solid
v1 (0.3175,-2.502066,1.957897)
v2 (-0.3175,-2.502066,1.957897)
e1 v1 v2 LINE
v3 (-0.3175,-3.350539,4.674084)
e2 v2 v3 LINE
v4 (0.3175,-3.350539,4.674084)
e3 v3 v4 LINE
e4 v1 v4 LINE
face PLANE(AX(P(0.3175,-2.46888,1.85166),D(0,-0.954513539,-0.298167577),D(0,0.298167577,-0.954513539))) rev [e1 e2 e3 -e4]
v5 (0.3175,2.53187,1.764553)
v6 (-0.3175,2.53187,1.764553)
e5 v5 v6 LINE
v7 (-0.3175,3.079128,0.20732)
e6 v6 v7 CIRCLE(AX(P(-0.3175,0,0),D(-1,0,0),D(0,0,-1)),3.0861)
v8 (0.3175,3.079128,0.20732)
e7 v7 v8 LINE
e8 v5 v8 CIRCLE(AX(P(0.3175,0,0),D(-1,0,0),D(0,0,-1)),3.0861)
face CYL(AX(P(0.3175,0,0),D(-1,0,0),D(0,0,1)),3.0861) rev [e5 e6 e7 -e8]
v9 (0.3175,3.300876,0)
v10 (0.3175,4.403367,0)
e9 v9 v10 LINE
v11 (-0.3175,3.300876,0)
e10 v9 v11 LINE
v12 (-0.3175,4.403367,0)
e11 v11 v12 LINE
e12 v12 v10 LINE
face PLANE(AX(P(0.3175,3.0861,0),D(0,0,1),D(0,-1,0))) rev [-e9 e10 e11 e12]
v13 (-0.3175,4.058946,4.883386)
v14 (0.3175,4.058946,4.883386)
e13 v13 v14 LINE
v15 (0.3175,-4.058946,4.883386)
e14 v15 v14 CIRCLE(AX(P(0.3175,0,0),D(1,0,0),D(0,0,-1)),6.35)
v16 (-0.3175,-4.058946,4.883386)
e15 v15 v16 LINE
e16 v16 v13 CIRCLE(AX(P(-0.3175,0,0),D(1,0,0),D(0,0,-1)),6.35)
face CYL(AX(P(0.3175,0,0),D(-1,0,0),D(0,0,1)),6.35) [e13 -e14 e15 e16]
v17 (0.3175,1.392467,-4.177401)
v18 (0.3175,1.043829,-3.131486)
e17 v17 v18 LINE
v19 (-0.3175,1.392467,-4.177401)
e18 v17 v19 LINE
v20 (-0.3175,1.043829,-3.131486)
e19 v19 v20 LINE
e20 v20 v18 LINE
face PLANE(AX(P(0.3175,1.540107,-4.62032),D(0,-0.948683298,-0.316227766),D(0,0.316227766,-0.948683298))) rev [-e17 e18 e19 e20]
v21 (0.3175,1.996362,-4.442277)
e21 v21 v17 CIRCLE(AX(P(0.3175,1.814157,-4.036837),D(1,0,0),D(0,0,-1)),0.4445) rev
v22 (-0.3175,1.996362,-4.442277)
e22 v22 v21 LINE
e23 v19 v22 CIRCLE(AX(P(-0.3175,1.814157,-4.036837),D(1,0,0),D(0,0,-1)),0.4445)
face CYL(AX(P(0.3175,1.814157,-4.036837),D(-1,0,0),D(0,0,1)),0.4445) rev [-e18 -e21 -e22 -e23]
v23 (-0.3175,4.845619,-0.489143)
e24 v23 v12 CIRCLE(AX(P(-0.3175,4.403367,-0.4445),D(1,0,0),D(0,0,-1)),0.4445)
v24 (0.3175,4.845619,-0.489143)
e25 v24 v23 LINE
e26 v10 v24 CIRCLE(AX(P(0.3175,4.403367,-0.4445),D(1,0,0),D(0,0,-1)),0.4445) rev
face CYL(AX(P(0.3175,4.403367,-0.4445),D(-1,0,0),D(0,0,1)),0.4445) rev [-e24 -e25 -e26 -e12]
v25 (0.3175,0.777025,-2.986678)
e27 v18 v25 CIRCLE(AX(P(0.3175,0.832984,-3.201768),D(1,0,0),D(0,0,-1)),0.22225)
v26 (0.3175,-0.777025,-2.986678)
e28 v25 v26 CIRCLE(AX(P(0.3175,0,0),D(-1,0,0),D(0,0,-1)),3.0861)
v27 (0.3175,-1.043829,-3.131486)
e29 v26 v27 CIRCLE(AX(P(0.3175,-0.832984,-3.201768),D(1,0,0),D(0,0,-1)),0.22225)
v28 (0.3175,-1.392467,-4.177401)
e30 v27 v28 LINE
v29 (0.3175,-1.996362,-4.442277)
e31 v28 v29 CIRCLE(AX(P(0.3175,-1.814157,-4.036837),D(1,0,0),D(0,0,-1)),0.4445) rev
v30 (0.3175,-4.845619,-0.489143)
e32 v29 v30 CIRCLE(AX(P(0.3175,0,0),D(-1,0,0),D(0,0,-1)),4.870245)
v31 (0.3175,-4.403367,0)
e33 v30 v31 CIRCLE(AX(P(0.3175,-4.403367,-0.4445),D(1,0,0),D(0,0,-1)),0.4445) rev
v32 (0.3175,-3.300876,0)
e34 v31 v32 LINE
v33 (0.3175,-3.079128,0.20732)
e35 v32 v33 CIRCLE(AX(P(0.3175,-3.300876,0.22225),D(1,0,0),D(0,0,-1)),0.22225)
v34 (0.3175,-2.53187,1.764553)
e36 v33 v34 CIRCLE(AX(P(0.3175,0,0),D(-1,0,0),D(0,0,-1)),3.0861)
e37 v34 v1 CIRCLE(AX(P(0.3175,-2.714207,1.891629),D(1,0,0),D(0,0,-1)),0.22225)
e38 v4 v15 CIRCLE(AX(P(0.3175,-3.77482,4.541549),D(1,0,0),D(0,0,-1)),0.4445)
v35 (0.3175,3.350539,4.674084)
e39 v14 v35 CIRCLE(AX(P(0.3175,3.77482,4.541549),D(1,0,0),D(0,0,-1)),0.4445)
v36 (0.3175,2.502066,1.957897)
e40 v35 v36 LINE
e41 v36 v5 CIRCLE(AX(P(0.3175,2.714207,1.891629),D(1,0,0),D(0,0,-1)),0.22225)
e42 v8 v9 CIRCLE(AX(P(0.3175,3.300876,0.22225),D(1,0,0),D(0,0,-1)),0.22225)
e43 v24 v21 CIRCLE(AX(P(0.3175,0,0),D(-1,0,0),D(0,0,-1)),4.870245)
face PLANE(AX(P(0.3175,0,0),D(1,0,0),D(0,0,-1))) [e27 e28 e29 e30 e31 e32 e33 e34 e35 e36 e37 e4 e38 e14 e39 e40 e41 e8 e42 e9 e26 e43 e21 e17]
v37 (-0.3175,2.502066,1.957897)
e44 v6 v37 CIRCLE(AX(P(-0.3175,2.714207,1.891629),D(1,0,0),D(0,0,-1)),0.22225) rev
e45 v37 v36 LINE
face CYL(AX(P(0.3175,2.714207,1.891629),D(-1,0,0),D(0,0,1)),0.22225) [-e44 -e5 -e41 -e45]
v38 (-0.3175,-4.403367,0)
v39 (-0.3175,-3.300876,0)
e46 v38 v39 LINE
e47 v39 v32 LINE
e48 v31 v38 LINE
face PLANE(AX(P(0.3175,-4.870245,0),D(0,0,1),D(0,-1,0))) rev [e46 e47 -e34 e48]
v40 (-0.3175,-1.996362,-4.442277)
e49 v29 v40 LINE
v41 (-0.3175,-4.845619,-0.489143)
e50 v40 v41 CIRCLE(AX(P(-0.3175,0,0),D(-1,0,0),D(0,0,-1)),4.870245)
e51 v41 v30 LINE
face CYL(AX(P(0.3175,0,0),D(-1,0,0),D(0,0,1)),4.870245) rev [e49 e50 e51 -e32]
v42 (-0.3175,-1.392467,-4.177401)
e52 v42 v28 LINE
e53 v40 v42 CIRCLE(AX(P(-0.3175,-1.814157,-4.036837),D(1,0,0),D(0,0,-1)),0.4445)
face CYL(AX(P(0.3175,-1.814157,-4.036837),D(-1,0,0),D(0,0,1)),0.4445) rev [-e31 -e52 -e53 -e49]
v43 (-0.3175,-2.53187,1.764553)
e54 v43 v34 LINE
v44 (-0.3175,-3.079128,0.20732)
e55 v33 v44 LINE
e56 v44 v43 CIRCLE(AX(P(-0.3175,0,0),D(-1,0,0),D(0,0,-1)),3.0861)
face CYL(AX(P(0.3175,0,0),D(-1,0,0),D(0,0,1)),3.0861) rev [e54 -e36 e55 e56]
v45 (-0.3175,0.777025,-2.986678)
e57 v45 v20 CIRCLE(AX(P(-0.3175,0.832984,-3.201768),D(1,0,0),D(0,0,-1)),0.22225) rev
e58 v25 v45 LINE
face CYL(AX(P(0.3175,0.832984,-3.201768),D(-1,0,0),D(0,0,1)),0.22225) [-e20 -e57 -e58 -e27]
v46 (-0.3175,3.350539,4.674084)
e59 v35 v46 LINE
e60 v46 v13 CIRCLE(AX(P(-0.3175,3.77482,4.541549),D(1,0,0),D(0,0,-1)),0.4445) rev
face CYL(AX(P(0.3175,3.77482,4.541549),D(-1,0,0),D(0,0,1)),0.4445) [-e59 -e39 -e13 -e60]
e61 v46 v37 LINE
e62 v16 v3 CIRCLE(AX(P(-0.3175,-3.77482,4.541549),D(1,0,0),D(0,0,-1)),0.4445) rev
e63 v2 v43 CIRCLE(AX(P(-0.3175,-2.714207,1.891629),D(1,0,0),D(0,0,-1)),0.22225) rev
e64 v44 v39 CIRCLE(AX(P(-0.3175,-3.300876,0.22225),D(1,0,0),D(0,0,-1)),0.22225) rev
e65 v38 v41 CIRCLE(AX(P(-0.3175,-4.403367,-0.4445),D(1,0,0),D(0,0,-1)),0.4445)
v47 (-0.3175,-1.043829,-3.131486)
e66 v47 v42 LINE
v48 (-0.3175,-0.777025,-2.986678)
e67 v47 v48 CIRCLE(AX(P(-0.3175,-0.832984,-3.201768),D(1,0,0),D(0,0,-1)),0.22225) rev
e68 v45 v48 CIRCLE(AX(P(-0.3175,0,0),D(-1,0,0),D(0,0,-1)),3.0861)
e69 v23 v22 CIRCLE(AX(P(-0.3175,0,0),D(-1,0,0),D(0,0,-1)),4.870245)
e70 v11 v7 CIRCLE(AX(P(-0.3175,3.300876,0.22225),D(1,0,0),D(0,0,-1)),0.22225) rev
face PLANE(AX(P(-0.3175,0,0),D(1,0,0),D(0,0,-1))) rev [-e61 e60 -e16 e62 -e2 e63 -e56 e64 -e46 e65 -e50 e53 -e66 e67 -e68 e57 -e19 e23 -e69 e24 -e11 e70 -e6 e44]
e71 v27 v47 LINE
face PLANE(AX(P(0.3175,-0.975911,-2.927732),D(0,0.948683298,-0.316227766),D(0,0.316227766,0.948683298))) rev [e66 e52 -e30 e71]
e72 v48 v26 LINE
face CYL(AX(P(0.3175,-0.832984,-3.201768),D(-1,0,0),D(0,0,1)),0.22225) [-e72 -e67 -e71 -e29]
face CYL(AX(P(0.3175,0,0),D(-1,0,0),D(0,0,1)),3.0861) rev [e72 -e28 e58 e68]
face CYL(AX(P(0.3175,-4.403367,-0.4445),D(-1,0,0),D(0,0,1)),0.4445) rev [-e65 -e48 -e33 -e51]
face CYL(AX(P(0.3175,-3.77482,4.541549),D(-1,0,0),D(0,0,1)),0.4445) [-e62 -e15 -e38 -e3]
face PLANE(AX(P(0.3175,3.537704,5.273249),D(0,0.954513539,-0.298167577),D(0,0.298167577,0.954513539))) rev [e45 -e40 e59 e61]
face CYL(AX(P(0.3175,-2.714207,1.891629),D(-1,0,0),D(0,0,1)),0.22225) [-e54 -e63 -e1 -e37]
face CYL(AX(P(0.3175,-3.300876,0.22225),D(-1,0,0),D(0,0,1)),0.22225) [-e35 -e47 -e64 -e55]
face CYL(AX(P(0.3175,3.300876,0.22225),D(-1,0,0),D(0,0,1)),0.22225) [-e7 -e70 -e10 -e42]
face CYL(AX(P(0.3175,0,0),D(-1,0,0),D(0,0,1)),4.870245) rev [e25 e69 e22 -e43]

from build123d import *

# Parameters (mm, degrees)
BOSS_EXTRUDE1_DEPTH      = 0.3175
BOSS_EXTRUDE1_DEPTH_BACK = 0.3175
FILLET1_R                = 0.4445
FILLET2_R                = 0.22225


with BuildPart() as part:
    # Sketch3 → Boss-Extrude1 (new body, two sides)
    with BuildSketch(Plane(origin=(0, 0, 0), x_dir=(0, 0, -1), z_dir=(1, 0, 0))) as boss_extrude1_sk:
        with BuildLine():
            Line((2.927731526, -0.975910509), (4.620320242, -1.540106747))
            ThreePointArc((4.620320242, -1.540106747), (2.847682435, -3.950948327), (0, -4.870245161))
            Line((0, -4.870245161), (0, -3.0861))
            ThreePointArc((0, -3.0861), (-0.975910509, -2.927731526), (-1.85166, -2.46888))
            Line((-1.85166, -2.46888), (-5.273248683, -3.537703821))
            ThreePointArc((-5.273248683, -3.537703821), (6.35, 0), (-5.273248683, 3.537703821))
            Line((-5.273248683, 3.537703821), (-1.85166, 2.46888))
            ThreePointArc((-1.85166, 2.46888), (-0.975910509, 2.927731526), (0, 3.0861))
            Line((0, 3.0861), (0, 4.870245161))
            ThreePointArc((0, 4.870245161), (2.847682435, 3.950948327), (4.620320242, 1.540106747))
            Line((4.620320242, 1.540106747), (2.927731526, 0.975910509))
            ThreePointArc((2.927731526, 0.975910509), (3.0861, 0), (2.927731526, -0.975910509))
        make_face()
    extrude(amount=BOSS_EXTRUDE1_DEPTH)
    extrude(boss_extrude1_sk.sketch, amount=-BOSS_EXTRUDE1_DEPTH_BACK)

    # Fillet1
    fillet1_edges = [part.edges().sort_by_distance(p)[0] for p in [
        (0, 1.540106747, -4.620320242),
        (0, 4.870245161, 0),
        (0, 3.537703821, 5.273248683),
        (0, -3.537703821, 5.273248683),
        (0, -4.870245161, 0),
        (0, -1.540106747, -4.620320242),
    ]]
    fillet(fillet1_edges, radius=FILLET1_R)

    # Fillet2
    fillet2_edges = [part.edges().sort_by_distance(p)[0] for p in [
        (0, 0.975910509, -2.927731526),
        (0, 3.0861, 0),
        (0, 2.46888, 1.85166),
        (0, -2.46888, 1.85166),
        (0, -3.0861, 0),
        (0, -0.975910509, -2.927731526),
    ]]
    fillet(fillet2_edges, radius=FILLET2_R)


solid = part.part
